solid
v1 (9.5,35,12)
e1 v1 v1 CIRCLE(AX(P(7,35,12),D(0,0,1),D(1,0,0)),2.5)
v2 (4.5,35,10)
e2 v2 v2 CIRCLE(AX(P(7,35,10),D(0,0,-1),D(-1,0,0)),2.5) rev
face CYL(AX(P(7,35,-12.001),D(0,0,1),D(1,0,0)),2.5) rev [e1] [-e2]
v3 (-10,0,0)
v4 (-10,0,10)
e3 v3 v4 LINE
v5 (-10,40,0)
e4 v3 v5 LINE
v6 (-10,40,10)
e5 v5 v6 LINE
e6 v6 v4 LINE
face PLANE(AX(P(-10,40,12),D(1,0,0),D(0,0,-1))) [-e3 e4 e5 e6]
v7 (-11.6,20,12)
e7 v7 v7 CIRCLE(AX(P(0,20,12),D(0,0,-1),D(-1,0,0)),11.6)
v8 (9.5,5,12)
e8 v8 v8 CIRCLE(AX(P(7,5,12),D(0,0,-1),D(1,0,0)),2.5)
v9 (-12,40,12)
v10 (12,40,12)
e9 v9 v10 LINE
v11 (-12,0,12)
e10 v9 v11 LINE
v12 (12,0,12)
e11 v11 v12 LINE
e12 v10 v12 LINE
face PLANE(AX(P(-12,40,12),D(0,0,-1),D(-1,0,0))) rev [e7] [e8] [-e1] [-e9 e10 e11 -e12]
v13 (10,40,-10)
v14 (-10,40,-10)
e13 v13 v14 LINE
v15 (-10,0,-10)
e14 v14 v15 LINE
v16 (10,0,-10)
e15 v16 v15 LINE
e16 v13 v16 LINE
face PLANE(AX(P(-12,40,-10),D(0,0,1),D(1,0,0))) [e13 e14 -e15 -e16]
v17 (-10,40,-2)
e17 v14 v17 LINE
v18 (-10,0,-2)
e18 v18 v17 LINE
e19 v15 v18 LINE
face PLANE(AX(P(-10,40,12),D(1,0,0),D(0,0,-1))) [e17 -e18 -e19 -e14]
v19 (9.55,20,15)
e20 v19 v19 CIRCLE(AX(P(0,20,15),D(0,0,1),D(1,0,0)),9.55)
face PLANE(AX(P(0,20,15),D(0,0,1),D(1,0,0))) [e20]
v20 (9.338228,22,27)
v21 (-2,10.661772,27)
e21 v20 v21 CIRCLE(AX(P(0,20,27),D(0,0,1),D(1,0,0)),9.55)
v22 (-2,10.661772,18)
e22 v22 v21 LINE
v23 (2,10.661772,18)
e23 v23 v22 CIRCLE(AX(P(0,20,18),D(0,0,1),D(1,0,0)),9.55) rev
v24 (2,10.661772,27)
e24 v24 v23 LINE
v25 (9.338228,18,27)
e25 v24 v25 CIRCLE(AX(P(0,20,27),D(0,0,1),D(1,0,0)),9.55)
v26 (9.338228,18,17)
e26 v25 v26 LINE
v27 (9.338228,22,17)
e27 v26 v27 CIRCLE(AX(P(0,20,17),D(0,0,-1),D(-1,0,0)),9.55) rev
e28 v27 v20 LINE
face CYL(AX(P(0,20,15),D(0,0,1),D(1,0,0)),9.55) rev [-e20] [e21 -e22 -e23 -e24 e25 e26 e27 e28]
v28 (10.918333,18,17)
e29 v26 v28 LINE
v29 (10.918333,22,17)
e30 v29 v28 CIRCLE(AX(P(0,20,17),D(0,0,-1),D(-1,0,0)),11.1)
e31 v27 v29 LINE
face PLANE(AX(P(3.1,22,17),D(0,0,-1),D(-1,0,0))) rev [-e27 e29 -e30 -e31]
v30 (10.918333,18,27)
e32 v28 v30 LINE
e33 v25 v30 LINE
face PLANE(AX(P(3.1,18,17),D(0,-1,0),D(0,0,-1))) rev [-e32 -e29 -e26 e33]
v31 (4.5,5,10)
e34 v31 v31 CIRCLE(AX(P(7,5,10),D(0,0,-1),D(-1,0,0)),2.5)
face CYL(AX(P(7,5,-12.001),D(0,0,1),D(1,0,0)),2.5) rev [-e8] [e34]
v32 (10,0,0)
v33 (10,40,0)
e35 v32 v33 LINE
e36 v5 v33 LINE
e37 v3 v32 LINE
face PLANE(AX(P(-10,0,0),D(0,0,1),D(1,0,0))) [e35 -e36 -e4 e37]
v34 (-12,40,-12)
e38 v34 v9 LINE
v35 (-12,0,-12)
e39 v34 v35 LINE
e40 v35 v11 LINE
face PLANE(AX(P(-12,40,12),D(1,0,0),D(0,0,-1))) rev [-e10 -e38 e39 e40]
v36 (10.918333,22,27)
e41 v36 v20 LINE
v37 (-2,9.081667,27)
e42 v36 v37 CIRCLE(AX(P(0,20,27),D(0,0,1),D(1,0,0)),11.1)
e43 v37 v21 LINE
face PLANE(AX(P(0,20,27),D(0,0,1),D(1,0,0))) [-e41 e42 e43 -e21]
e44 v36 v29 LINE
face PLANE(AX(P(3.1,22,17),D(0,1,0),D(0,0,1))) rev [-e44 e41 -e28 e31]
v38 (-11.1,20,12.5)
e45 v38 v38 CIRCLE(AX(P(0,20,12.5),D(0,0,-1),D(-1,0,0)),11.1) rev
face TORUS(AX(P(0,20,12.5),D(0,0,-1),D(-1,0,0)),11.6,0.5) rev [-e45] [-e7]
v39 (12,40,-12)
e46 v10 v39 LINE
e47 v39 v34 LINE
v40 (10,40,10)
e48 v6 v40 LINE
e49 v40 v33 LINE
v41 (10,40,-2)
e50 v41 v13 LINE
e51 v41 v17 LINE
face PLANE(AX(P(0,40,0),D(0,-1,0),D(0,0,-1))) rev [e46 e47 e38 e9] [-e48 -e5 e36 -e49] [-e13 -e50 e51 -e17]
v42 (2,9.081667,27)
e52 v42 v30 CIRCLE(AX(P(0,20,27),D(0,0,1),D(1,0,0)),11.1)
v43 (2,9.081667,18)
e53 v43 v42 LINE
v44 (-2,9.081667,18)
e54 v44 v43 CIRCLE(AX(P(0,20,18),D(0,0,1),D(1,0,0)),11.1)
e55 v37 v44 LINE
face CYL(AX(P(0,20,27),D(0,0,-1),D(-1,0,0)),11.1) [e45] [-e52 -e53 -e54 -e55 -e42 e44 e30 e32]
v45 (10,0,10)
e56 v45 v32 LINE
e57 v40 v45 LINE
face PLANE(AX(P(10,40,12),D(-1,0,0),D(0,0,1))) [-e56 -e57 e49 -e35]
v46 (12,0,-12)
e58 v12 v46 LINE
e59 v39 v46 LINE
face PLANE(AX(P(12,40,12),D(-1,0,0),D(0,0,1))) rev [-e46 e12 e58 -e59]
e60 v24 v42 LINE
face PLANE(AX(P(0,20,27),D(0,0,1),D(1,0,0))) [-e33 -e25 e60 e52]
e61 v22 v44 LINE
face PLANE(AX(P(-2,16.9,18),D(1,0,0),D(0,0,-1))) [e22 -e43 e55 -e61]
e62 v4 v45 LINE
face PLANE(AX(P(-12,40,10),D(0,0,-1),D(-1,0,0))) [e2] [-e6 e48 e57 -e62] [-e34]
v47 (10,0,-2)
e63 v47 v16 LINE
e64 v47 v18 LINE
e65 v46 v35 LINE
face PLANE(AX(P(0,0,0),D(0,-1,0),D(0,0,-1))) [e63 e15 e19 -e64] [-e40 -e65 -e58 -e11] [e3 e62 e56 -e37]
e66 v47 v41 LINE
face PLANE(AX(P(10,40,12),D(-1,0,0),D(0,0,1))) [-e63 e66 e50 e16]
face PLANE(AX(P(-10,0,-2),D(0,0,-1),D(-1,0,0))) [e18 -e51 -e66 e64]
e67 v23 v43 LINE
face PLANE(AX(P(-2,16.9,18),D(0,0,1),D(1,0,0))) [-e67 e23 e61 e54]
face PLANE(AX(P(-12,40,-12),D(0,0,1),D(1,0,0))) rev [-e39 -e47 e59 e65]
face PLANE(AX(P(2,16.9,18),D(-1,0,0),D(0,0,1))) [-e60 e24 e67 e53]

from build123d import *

# Parameters (mm, degrees)
SKETCH1_W           = 24
SKETCH1_H           = 24
BOSS_EXTRUDE1_DEPTH = 40
SHELL3_T            = -2
SKETCH3_R           = 11.1
BOSS_EXTRUDE3_DEPTH = 15
SKETCH4_R           = 9.55
CUT_EXTRUDE3_DEPTH  = 12
FILLET4_R           = 0.5
SKETCH2_W           = 20
SKETCH2_H           = 2
BOSS_EXTRUDE5_DEPTH = 40
SKETCH6_W           = 20
SKETCH6_H           = 4
CUT_EXTRUDE4_DEPTH  = 8
SKETCH7_W           = 4
SKETCH7_H           = 18
CUT_EXTRUDE5_DEPTH  = 8
SKETCH8_R           = 2.5
CUT_EXTRUDE6_DEPTH  = 2


with BuildPart() as part:
    # Sketch1 → Boss-Extrude1 (new body)
    with BuildSketch(Plane(origin=(0, 0, 0), x_dir=(1, 0, 0), z_dir=(0, 1, 0))):
        Rectangle(SKETCH1_W, SKETCH1_H)
    extrude(amount=BOSS_EXTRUDE1_DEPTH)

    # Shell3
    shell3_openings = [part.faces().sort_by_distance(p)[0] for p in [
        (0, 40, 0),
        (0, 0, 0),
    ]]
    offset(amount=SHELL3_T, openings=shell3_openings, kind=Kind.INTERSECTION)

    # Sketch3 → Boss-Extrude3 (add)
    with BuildSketch(Plane.XY.offset(12)):
        with Locations((0, 20)):
            Circle(SKETCH3_R)
    extrude(amount=BOSS_EXTRUDE3_DEPTH)

    # Sketch4 → Cut-Extrude3 (cut)
    with BuildSketch(Plane.XY.offset(27)):
        with Locations((0, 20)):
            Circle(SKETCH4_R)
    extrude(amount=-CUT_EXTRUDE3_DEPTH, mode=Mode.SUBTRACT)

    # Fillet4
    fillet4_edges = [part.edges().sort_by_distance(p)[0] for p in [
        (-11.1, 20, 12),
    ]]
    fillet(fillet4_edges, radius=FILLET4_R)

    # Sketch2 → Boss-Extrude5 (add)
    with BuildSketch(Plane(origin=(0, 40, 0), x_dir=(1, 0, 0), z_dir=(0, 1, 0))):
        with Locations((0, 1)):
            Rectangle(SKETCH2_W, SKETCH2_H)
    extrude(amount=-BOSS_EXTRUDE5_DEPTH)

    # Sketch6 → Cut-Extrude4 (cut)
    with BuildSketch(Plane(origin=(11.1, 0, 0), x_dir=(0, 0, -1), z_dir=(1, 0, 0))):
        with Locations((-27, 20)):
            Rectangle(SKETCH6_W, SKETCH6_H)
    extrude(amount=-CUT_EXTRUDE4_DEPTH, mode=Mode.SUBTRACT)

    # Sketch7 → Cut-Extrude5 (cut)
    with BuildSketch(Plane(origin=(0, 8.9, 0), x_dir=(1, 0, 0), z_dir=(0, 1, 0))):
        with Locations((0, -27)):
            Rectangle(SKETCH7_W, SKETCH7_H)
    extrude(amount=CUT_EXTRUDE5_DEPTH, mode=Mode.SUBTRACT)

    # Sketch8 → Cut-Extrude6 (cut)
    with BuildSketch(Plane.XY.offset(12)):
        with Locations((7, 35)):
            Circle(SKETCH8_R)
    cut_extrude6 = extrude(amount=-CUT_EXTRUDE6_DEPTH, mode=Mode.SUBTRACT)

    # Mirror1: Cut-Extrude6 across plane
    add(cut_extrude6.mirror(Plane.ZX.offset(20)), mode=Mode.SUBTRACT)


solid = part.part
